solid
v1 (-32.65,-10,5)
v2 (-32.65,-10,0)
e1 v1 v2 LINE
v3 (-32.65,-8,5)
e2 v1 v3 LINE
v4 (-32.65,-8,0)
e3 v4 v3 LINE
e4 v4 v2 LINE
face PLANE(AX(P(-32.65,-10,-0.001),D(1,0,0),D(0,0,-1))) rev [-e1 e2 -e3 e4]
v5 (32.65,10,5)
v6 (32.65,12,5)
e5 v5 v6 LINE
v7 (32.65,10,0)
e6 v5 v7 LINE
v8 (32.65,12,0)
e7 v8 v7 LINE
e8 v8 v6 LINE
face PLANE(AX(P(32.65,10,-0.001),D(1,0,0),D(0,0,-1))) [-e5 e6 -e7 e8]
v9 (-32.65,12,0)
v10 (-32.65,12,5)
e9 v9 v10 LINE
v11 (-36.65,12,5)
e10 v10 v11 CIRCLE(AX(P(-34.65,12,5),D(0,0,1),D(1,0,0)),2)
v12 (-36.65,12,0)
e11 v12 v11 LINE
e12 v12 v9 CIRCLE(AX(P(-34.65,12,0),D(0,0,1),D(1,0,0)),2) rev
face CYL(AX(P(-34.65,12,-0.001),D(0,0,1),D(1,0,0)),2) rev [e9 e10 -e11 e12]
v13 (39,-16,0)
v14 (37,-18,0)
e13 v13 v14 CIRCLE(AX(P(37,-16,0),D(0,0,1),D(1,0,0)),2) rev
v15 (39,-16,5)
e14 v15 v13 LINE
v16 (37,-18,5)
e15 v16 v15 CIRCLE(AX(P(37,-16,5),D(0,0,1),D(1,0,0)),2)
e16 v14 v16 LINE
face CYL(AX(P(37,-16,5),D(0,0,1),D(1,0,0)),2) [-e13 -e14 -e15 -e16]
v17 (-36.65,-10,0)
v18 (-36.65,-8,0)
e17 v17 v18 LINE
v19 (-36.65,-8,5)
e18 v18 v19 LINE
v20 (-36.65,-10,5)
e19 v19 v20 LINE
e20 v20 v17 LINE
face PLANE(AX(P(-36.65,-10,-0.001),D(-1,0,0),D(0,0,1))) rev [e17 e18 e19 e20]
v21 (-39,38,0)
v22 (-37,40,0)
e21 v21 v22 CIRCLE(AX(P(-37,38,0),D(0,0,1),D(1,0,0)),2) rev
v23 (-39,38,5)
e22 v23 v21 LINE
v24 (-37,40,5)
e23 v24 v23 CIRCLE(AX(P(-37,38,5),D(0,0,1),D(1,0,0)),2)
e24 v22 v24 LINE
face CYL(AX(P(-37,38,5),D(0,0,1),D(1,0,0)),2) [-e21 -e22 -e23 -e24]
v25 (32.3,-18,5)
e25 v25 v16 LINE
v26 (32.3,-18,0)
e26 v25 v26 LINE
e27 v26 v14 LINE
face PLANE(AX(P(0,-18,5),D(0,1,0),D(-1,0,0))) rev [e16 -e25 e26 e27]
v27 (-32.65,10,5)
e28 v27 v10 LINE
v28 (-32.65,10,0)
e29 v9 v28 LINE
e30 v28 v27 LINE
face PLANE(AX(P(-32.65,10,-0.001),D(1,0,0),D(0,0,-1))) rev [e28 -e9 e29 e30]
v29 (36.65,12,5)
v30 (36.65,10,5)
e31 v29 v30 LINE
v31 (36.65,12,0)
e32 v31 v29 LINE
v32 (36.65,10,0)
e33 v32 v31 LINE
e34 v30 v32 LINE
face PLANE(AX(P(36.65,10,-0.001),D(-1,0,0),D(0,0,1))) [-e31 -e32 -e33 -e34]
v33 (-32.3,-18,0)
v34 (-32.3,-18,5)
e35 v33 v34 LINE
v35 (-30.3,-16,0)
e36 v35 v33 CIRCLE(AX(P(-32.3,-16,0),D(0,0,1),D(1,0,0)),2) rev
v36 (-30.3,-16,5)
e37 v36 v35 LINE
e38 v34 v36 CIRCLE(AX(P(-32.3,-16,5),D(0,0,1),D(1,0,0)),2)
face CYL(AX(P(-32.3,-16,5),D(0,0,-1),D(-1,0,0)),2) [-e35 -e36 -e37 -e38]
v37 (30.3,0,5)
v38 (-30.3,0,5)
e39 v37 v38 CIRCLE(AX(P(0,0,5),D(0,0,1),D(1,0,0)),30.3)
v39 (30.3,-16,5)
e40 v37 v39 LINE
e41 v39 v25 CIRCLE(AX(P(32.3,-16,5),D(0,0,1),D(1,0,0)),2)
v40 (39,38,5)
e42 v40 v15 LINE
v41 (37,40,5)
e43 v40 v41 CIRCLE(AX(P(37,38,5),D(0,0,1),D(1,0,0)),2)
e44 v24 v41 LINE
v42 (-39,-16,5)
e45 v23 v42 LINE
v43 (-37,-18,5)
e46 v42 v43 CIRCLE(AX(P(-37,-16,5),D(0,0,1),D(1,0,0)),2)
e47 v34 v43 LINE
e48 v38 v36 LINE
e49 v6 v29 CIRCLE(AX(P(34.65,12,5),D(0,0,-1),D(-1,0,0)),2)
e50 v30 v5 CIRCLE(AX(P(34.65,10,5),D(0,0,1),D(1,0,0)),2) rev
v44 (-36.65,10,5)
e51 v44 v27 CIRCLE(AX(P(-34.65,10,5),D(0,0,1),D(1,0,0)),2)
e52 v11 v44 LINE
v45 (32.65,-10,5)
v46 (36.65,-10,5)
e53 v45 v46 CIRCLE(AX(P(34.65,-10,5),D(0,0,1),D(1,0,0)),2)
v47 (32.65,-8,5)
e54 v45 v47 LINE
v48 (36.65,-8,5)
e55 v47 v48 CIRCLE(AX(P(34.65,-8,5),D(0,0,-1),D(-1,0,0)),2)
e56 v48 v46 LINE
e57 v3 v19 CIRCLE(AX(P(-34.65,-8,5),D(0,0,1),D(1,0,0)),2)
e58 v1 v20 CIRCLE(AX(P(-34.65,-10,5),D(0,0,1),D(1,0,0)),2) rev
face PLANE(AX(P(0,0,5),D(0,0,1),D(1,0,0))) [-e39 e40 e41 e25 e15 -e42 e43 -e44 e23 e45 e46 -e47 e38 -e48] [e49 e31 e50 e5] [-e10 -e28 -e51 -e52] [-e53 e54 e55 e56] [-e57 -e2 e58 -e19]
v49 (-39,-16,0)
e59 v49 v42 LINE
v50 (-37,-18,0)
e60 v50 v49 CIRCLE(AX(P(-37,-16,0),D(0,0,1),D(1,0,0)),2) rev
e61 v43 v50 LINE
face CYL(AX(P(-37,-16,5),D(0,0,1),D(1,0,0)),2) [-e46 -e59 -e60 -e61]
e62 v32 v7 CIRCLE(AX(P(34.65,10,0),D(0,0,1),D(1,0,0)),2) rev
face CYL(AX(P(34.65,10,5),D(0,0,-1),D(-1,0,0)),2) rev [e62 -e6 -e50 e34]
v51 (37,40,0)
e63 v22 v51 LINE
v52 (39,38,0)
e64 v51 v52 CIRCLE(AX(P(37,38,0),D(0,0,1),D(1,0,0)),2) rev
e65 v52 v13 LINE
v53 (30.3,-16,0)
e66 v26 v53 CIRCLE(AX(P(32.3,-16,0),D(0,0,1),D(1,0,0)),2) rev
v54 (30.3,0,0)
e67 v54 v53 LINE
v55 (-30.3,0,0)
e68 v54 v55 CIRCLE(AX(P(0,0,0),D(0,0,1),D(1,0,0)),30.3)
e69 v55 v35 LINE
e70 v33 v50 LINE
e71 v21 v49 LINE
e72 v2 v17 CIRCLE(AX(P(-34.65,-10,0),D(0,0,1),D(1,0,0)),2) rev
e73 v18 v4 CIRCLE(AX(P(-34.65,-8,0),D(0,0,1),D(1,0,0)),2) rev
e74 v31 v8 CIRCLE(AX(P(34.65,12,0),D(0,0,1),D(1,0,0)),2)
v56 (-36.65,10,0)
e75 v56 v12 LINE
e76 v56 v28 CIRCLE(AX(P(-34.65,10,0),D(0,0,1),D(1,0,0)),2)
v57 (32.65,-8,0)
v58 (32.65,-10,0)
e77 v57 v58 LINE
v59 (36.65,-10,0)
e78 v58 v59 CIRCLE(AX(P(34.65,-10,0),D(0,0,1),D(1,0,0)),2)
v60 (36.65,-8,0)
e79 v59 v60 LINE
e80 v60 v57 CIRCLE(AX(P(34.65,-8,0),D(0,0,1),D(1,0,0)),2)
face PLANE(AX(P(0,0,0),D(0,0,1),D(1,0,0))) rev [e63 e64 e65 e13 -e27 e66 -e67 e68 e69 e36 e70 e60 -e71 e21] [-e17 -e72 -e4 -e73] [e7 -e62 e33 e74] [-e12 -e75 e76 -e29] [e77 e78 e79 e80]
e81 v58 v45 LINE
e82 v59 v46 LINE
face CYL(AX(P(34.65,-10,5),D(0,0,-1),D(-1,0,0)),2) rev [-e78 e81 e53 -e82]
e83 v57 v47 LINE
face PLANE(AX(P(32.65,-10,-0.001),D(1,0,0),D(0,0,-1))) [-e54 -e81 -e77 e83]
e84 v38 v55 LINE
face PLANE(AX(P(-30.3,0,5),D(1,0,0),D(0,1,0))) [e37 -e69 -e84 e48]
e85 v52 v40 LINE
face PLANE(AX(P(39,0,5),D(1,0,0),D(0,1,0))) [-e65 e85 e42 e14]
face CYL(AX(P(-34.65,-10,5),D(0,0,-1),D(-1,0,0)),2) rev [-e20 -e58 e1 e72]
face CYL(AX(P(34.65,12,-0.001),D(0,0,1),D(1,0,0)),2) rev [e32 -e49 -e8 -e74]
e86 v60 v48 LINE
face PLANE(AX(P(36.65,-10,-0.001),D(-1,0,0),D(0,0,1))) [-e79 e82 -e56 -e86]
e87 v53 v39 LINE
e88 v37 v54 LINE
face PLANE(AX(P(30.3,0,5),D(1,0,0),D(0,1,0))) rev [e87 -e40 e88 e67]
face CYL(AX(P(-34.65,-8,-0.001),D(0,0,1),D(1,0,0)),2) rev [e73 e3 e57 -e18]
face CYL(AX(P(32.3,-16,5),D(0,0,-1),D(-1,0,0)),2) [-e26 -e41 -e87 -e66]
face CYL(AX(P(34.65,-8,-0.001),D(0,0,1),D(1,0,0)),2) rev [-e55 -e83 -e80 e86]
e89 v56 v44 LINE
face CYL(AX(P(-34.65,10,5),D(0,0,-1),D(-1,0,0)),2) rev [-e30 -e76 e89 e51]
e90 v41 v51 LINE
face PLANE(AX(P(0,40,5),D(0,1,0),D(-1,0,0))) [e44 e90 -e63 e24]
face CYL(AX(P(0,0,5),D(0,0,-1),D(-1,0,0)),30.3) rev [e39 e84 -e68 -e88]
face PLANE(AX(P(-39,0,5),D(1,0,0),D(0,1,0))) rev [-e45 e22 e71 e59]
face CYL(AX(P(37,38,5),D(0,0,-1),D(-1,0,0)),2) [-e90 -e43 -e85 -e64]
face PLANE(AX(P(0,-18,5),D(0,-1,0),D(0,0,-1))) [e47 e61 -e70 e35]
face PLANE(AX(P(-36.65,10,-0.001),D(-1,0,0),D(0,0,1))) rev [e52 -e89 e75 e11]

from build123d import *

# Parameters (mm, degrees)
SKETCH_1_R          = 2
SKETCH_1_W          = 8.7
SKETCH_1_H          = 18
EXTRUDE_1_DEPTH     = 5
FILLET_1_R          = 2
CUT_EXTRUDE_1_REACH = 58.089


with BuildPart() as part:
    # 草图1 → 凸台-拉伸1 (new body)
    # profile 1 of 3: a face of its own
    with BuildSketch(Plane.XY):
        with BuildLine():
            Line((39, 40), (-39, 40))
            Line((-39, 40), (-39, 0))
            Line((-39, 0), (-30.3, 0))
            ThreePointArc((-30.3, 0), (0, 30.3), (30.3, 0))
            Line((30.3, 0), (39, 0))
            Line((39, 0), (39, 40))
        make_face()
        with Locations((-34.65, 10)):
            Circle(SKETCH_1_R, mode=Mode.SUBTRACT)
        with Locations((34.65, 10)):
            Circle(SKETCH_1_R, mode=Mode.SUBTRACT)
    # profile 2 of 3: a face of its own
    with BuildSketch(Plane.XY):
        with Locations((-34.65, -9)):
            Rectangle(SKETCH_1_W, SKETCH_1_H)
        with Locations((-34.65, -10)):
            Circle(SKETCH_1_R, mode=Mode.SUBTRACT)
    # profile 3 of 3: a face of its own
    with BuildSketch(Plane.XY):
        with Locations((34.65, -9)):
            Rectangle(SKETCH_1_W, SKETCH_1_H)
        with Locations((34.65, -10)):
            Circle(SKETCH_1_R, mode=Mode.SUBTRACT)
    extrude(amount=EXTRUDE_1_DEPTH)

    # 圆角1
    fillet_1_edges = [part.edges().sort_by_distance(p)[0] for p in [
        (-30.3, -18, 2.5),
        (-39, -18, 2.5),
        (-39, 40, 2.5),
        (39, 40, 2.5),
        (39, -18, 2.5),
        (30.3, -18, 2.5),
    ]]
    fillet(fillet_1_edges, radius=FILLET_1_R)

    # 草图2 → 切除-拉伸1 (cut, up to next)
    with BuildSketch(Plane.XY.offset(5), mode=Mode.PRIVATE) as cut_extrude_1_sk1:
        with BuildLine():
            Line((-36.65, 10), (-36.65, 12))
            ThreePointArc((-36.65, 12), (-34.65, 14), (-32.65, 12))
            Line((-32.65, 12), (-32.65, 10))
            Line((-32.65, 10), (-36.65, 10))
        make_face()
    cut_extrude_1_tool1 = extrude(cut_extrude_1_sk1.sketch, amount=-CUT_EXTRUDE_1_REACH, mode=Mode.PRIVATE) & part.part
    # 草图2 → 切除-拉伸1 (cut, up to next)
    with BuildSketch(Plane.XY.offset(5), mode=Mode.PRIVATE) as cut_extrude_1_sk2:
        with BuildLine():
            Line((-36.65, -10), (-36.65, -8))
            ThreePointArc((-36.65, -8), (-34.65, -6), (-32.65, -8))
            Line((-32.65, -8), (-32.65, -10))
            Line((-32.65, -10), (-36.65, -10))
        make_face()
    cut_extrude_1_tool2 = extrude(cut_extrude_1_sk2.sketch, amount=-CUT_EXTRUDE_1_REACH, mode=Mode.PRIVATE) & part.part
    cut_extrude_1_1 = cut_extrude_1_tool1.solids().sort_by_distance((-34.65, 11.8133, 5))[0]
    add(cut_extrude_1_1, mode=Mode.SUBTRACT)
    cut_extrude_1_2 = cut_extrude_1_tool2.solids().sort_by_distance((-34.65, -8.1867, 5))[0]
    add(cut_extrude_1_2, mode=Mode.SUBTRACT)
    cut_extrude_1 = cut_extrude_1_1 + cut_extrude_1_2  # 切除-拉伸1 as one shape, for the pattern or mirror that repeats it

    # 镜向1: 切除-拉伸1 across plane
    add(cut_extrude_1.mirror(Plane(origin=(0, 0, 0), x_dir=(0, 0, 1), z_dir=(1, 0, 0))), mode=Mode.SUBTRACT)


solid = part.part
